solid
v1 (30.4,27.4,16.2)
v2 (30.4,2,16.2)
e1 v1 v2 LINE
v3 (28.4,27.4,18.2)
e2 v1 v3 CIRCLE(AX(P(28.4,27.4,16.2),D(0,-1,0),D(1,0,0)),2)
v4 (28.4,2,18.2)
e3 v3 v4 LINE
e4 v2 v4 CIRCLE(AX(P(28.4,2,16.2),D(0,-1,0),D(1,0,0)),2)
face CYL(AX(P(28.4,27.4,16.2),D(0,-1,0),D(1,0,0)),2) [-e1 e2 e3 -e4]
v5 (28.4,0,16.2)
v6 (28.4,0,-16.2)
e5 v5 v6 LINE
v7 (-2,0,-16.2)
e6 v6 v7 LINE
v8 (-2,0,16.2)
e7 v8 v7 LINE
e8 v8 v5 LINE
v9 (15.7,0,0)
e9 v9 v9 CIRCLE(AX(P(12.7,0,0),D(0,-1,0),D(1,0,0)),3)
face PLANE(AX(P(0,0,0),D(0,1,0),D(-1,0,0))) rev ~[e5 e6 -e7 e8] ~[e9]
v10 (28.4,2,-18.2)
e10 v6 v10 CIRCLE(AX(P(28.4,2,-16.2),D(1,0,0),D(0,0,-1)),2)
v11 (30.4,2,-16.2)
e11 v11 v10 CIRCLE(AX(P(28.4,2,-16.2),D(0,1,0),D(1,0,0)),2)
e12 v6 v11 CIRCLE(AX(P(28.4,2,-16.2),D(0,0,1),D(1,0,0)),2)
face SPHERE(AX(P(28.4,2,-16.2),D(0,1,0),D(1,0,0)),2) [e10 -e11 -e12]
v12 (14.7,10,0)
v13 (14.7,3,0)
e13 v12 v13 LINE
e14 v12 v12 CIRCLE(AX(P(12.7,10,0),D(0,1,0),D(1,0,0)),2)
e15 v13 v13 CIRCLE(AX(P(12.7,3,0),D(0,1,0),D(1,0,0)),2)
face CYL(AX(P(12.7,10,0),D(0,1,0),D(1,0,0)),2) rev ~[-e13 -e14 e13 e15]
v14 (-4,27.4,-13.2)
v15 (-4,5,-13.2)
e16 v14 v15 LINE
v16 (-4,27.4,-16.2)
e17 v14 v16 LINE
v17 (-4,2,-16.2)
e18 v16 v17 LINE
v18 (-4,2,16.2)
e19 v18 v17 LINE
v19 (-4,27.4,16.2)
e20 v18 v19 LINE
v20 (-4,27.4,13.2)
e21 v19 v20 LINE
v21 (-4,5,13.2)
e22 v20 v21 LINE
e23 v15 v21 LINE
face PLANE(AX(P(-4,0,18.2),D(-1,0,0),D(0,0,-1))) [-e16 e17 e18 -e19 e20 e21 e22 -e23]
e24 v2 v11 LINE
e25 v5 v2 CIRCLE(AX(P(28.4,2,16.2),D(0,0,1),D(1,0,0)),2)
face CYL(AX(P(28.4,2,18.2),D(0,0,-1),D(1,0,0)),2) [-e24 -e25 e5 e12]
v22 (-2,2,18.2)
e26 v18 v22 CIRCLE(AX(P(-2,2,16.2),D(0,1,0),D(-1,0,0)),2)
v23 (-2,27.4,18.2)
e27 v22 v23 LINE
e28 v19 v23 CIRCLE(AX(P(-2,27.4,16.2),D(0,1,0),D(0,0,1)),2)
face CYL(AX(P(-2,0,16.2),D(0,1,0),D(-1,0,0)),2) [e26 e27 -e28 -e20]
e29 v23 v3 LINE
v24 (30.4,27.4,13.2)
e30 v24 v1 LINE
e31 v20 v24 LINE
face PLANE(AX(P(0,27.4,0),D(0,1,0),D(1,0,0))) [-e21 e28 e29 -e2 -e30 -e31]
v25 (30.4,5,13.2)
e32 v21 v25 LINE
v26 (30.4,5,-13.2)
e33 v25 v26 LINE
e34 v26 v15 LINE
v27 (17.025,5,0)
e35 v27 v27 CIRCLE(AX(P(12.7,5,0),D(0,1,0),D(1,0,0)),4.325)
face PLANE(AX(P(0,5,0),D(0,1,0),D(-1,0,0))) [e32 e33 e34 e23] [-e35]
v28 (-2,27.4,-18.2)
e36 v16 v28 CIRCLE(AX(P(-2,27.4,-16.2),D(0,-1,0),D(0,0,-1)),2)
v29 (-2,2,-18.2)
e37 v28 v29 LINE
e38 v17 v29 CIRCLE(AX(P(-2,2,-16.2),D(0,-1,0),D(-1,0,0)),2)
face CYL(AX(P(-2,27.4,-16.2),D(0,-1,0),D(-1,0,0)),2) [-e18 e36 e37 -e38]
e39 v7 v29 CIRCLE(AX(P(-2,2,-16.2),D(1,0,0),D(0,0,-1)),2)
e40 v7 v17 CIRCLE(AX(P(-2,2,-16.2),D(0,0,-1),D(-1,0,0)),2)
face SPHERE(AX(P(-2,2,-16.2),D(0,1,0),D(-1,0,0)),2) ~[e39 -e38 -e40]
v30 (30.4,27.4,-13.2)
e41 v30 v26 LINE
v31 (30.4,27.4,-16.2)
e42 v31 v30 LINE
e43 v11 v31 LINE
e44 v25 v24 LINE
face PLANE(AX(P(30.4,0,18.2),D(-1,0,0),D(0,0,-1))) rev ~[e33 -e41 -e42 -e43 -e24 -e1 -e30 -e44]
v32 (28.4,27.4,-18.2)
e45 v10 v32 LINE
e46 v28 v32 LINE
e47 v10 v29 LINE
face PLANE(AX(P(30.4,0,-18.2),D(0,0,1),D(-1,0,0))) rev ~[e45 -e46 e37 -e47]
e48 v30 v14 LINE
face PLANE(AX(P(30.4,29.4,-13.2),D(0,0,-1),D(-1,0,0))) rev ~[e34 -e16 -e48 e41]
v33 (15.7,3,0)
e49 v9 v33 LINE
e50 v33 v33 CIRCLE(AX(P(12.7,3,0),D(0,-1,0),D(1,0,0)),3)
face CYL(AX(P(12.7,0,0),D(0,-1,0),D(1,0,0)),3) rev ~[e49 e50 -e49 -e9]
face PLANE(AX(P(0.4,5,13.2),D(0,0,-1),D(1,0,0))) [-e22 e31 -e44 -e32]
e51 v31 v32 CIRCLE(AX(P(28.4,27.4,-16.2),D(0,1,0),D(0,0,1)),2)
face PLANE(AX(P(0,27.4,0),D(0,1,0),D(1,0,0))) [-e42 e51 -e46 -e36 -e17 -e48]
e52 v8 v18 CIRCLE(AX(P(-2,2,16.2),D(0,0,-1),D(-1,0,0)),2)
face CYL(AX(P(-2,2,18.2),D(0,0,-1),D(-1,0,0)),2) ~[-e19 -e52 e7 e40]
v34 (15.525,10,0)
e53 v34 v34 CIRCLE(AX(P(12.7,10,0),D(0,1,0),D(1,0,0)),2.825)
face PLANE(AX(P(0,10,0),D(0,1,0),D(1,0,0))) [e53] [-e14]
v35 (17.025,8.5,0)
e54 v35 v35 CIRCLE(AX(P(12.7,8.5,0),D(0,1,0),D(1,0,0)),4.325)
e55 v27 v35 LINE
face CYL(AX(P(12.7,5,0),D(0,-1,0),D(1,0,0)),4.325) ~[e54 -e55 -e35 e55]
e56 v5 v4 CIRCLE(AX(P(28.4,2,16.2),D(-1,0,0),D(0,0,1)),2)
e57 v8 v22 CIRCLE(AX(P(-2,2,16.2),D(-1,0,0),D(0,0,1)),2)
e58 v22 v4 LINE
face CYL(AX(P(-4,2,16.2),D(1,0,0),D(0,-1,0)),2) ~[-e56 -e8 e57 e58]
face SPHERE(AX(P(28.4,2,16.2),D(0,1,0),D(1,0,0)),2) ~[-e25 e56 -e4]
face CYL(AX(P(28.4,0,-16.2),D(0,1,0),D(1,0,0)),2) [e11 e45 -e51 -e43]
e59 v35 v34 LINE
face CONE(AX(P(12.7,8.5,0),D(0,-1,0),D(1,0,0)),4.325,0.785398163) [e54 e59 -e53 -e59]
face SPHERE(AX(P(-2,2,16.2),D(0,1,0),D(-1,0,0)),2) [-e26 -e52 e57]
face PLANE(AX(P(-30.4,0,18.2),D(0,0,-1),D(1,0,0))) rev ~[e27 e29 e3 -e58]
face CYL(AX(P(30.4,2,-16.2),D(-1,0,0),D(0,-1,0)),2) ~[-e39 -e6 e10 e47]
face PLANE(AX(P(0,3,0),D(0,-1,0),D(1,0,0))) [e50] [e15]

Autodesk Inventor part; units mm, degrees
ref_plane "YZ Plane" through (0, 0, 0) normal (1, 0, 0) x (0, 1, 0)
ref_plane "XZ Plane" through (0, 0, 0) normal (0, 1, 0) x (-1, 0, 0)
ref_plane "XY Plane" through (0, 0, 0) normal (0, 0, 1) x (1, 0, 0)
sketch "Sketch1" plane through (0, 0, 0) normal (0, 1, 0) x (-1, 0, 0)
  line L0 (30.4, 18.2) -> (-30.4, 18.2)
  line L1 (-30.4, 18.2) -> (-30.4, -18.2)
  line L2 (-30.4, -18.2) -> (30.4, -18.2)
  line L3 (30.4, -18.2) -> (30.4, 18.2)
  point P0 (0, 0)
  dimension "d0" = 60.8
  dimension "d1" = 36.4
extrude "Extrusion1" add sketch "Sketch1" along normal blind 5
sketch "Sketch2" plane through (0, 5, 0) normal (0, 1, 0) x (1, 0, 0)
  line L0 (30.4, 18.2) -> (-30.4, 18.2) projected
  line L1 (-30.4, 18.2) -> (-0.4, 18.2)
  line L2 (-0.4, 18.2) -> (-0.4, 13.2)
  line L3 (-0.4, 13.2) -> (-30.4, 13.2)
  line L4 (-30.4, 13.2) -> (-30.4, 18.2)
  line L5 (30.4, -18.2) -> (30.4, 18.2) projected
  line L6 (30.4, -18.2) -> (0.4, -18.2)
  line L7 (0.4, -18.2) -> (0.4, -13.2)
  line L8 (0.4, -13.2) -> (30.4, -13.2)
  line L9 (30.4, -13.2) -> (30.4, -18.2)
  point P0 (0, 0)
  dimension "d4" = 30
  dimension "d5" = 5
  dimension "d6" = 30
  dimension "d7" = 5
extrude "Extrusion2" add sketch "Sketch2" along normal blind 24.4
sketch "Sketch3" plane through (0, 5, 0) normal (0, 1, 0) x (1, 0, 0)
  circle A0 centre (12.7, 0) radius 4.325
  circle A1 centre (-12.7, 0) radius 4.325
  point P0 (0, 0)
  dimension "d10" = 8.65
  dimension "d11" = 8.65
extrude "Extrusion3" add sketch "Sketch3" along normal blind 5
sketch "Sketch4" plane through (-12.7, 10, 0) normal (0, 1, 0) x (1, 0, 0)
  circle A0 centre (0, 0) radius 2
  circle A1 centre (25.4, 0) radius 4.325 projected
  circle A2 centre (25.4, 0) radius 2
  point P0 (12.7, 0)
  dimension "d14" = 4
  dimension "d15" = 4
extrude "Extrusion4" cut sketch "Sketch4" against normal blind 15 contours A0 | A2
sketch "Sketch5" plane through (0, 0, 0) normal (0, -1, 0) x (1, 0, 0)
  circle A0 centre (12.7, 0) radius 2 projected
  circle A1 centre (12.7, 0) radius 3
  circle A2 centre (-12.7, 0) radius 2 projected
  circle A3 centre (-12.7, 0) radius 3
  point P0 (0, 0)
  dimension "d18" = 6
  dimension "d19" = 6
extrude "Extrusion5" cut sketch "Sketch5" against normal blind 3 contours A0 | A1 | A2 | A3
chamfer "Chamfer1" distance 1.5 angle 45 2 edges at (8.375, 10, 0) (-17.025, 10, 0)
sketch "Sketch6" plane through (0, 0, 0) normal (0, -1, 0) x (1, 0, 0)
  line L0 (-28.4, -18.2) -> (28.4, -18.2) projected
  line L1 (30.4, 18.2) -> (-4, 18.2)
  line L2 (-4, 18.2) -> (-4, -18.2)
  line L3 (-4, -18.2) -> (30.4, -18.2)
  line L4 (30.4, -18.2) -> (30.4, 18.2)
  line L5 (1.5875, 26.9875) -> (-34.925, 26.9875)
  line L6 (-34.925, 26.9875) -> (-34.925, -36.5125)
  line L7 (-34.925, -36.5125) -> (1.5875, -36.5125)
  line L8 (1.5875, -36.5125) -> (1.5875, 26.9875)
  point P0 (0, 0)
  point P1 (1.5875, -18.2)
  point P2 (1.5875, 18.2)
  dimension "d26" = 34.4
extrude "Extrusion6" cut sketch "Sketch6" against normal blind 50 contours L0 L8 L7 L6 L5 L1 L2
sketch "Sketch7" plane through (0, 29.4, 0) normal (0, 1, 0) x (1, 0, 0)
  line L0 (30.4, 18.2) -> (-4, 18.2) projected
  line L1 (30.4, -13.2) -> (30.4, 18.2) projected
  line L2 (-4, 18.2) -> (30.4, 18.2)
  line L3 (30.4, 18.2) -> (30.4, 13.2)
  line L4 (30.4, 13.2) -> (-4, 13.2)
  line L5 (-4, 13.2) -> (-4, 18.2)
  line L6 (-4, -18.2) -> (30.4, -18.2) projected
  line L7 (-4, 13.2) -> (-4, -18.2) projected
  line L8 (30.4, -18.2) -> (-4, -18.2)
  line L9 (-4, -18.2) -> (-4, -13.2)
  line L10 (-4, -13.2) -> (30.4, -13.2)
  line L11 (30.4, -13.2) -> (30.4, -18.2)
  point P0 (0, 0)
  dimension "d29" = 5
  dimension "d30" = 5
extrude "Extrusion7" add sketch "Sketch7" against normal blind 27 contours L1 L4 L5 L0 | L11 L6 L7 L10
sketch "Sketch8" plane through (0, 29.4, 0) normal (0, 1, 0) x (1, 0, 0)
  line L0 (-4, -18.2) -> (-4, 18.2) projected
  line L1 (30.4, 13.2) -> (-4, 13.2) projected
  line L2 (-4, 18.2) -> (30.4, 18.2)
  line L3 (30.4, 18.2) -> (30.4, 13.2)
  line L4 (30.4, 13.2) -> (-4, 13.2)
  line L5 (-4, 13.2) -> (-4, 18.2)
  line L6 (-4, -18.2) -> (30.4, -18.2) projected
  line L7 (-4, -13.2) -> (30.4, -13.2) projected
  line L8 (30.4, -18.2) -> (-4, -18.2)
  line L9 (-4, -18.2) -> (-4, -13.2)
  line L10 (-4, -13.2) -> (30.4, -13.2)
  line L11 (30.4, -13.2) -> (30.4, -18.2)
  point P0 (0, 0)
extrude "Extrusion8" cut sketch "Sketch8" against normal blind 2
fillet "Fillet2" radius 2 8 edges at (30.4, 13.7, -18.2) (-4, 13.7, 18.2) (-4, 13.7, -18.2) (30.4, 13.7, 18.2) (30.4, 0, 0) (-4, 0, 0) (13.2, 0, 18.2) (13.2, 0, -18.2)
properties part number "centerMount"
